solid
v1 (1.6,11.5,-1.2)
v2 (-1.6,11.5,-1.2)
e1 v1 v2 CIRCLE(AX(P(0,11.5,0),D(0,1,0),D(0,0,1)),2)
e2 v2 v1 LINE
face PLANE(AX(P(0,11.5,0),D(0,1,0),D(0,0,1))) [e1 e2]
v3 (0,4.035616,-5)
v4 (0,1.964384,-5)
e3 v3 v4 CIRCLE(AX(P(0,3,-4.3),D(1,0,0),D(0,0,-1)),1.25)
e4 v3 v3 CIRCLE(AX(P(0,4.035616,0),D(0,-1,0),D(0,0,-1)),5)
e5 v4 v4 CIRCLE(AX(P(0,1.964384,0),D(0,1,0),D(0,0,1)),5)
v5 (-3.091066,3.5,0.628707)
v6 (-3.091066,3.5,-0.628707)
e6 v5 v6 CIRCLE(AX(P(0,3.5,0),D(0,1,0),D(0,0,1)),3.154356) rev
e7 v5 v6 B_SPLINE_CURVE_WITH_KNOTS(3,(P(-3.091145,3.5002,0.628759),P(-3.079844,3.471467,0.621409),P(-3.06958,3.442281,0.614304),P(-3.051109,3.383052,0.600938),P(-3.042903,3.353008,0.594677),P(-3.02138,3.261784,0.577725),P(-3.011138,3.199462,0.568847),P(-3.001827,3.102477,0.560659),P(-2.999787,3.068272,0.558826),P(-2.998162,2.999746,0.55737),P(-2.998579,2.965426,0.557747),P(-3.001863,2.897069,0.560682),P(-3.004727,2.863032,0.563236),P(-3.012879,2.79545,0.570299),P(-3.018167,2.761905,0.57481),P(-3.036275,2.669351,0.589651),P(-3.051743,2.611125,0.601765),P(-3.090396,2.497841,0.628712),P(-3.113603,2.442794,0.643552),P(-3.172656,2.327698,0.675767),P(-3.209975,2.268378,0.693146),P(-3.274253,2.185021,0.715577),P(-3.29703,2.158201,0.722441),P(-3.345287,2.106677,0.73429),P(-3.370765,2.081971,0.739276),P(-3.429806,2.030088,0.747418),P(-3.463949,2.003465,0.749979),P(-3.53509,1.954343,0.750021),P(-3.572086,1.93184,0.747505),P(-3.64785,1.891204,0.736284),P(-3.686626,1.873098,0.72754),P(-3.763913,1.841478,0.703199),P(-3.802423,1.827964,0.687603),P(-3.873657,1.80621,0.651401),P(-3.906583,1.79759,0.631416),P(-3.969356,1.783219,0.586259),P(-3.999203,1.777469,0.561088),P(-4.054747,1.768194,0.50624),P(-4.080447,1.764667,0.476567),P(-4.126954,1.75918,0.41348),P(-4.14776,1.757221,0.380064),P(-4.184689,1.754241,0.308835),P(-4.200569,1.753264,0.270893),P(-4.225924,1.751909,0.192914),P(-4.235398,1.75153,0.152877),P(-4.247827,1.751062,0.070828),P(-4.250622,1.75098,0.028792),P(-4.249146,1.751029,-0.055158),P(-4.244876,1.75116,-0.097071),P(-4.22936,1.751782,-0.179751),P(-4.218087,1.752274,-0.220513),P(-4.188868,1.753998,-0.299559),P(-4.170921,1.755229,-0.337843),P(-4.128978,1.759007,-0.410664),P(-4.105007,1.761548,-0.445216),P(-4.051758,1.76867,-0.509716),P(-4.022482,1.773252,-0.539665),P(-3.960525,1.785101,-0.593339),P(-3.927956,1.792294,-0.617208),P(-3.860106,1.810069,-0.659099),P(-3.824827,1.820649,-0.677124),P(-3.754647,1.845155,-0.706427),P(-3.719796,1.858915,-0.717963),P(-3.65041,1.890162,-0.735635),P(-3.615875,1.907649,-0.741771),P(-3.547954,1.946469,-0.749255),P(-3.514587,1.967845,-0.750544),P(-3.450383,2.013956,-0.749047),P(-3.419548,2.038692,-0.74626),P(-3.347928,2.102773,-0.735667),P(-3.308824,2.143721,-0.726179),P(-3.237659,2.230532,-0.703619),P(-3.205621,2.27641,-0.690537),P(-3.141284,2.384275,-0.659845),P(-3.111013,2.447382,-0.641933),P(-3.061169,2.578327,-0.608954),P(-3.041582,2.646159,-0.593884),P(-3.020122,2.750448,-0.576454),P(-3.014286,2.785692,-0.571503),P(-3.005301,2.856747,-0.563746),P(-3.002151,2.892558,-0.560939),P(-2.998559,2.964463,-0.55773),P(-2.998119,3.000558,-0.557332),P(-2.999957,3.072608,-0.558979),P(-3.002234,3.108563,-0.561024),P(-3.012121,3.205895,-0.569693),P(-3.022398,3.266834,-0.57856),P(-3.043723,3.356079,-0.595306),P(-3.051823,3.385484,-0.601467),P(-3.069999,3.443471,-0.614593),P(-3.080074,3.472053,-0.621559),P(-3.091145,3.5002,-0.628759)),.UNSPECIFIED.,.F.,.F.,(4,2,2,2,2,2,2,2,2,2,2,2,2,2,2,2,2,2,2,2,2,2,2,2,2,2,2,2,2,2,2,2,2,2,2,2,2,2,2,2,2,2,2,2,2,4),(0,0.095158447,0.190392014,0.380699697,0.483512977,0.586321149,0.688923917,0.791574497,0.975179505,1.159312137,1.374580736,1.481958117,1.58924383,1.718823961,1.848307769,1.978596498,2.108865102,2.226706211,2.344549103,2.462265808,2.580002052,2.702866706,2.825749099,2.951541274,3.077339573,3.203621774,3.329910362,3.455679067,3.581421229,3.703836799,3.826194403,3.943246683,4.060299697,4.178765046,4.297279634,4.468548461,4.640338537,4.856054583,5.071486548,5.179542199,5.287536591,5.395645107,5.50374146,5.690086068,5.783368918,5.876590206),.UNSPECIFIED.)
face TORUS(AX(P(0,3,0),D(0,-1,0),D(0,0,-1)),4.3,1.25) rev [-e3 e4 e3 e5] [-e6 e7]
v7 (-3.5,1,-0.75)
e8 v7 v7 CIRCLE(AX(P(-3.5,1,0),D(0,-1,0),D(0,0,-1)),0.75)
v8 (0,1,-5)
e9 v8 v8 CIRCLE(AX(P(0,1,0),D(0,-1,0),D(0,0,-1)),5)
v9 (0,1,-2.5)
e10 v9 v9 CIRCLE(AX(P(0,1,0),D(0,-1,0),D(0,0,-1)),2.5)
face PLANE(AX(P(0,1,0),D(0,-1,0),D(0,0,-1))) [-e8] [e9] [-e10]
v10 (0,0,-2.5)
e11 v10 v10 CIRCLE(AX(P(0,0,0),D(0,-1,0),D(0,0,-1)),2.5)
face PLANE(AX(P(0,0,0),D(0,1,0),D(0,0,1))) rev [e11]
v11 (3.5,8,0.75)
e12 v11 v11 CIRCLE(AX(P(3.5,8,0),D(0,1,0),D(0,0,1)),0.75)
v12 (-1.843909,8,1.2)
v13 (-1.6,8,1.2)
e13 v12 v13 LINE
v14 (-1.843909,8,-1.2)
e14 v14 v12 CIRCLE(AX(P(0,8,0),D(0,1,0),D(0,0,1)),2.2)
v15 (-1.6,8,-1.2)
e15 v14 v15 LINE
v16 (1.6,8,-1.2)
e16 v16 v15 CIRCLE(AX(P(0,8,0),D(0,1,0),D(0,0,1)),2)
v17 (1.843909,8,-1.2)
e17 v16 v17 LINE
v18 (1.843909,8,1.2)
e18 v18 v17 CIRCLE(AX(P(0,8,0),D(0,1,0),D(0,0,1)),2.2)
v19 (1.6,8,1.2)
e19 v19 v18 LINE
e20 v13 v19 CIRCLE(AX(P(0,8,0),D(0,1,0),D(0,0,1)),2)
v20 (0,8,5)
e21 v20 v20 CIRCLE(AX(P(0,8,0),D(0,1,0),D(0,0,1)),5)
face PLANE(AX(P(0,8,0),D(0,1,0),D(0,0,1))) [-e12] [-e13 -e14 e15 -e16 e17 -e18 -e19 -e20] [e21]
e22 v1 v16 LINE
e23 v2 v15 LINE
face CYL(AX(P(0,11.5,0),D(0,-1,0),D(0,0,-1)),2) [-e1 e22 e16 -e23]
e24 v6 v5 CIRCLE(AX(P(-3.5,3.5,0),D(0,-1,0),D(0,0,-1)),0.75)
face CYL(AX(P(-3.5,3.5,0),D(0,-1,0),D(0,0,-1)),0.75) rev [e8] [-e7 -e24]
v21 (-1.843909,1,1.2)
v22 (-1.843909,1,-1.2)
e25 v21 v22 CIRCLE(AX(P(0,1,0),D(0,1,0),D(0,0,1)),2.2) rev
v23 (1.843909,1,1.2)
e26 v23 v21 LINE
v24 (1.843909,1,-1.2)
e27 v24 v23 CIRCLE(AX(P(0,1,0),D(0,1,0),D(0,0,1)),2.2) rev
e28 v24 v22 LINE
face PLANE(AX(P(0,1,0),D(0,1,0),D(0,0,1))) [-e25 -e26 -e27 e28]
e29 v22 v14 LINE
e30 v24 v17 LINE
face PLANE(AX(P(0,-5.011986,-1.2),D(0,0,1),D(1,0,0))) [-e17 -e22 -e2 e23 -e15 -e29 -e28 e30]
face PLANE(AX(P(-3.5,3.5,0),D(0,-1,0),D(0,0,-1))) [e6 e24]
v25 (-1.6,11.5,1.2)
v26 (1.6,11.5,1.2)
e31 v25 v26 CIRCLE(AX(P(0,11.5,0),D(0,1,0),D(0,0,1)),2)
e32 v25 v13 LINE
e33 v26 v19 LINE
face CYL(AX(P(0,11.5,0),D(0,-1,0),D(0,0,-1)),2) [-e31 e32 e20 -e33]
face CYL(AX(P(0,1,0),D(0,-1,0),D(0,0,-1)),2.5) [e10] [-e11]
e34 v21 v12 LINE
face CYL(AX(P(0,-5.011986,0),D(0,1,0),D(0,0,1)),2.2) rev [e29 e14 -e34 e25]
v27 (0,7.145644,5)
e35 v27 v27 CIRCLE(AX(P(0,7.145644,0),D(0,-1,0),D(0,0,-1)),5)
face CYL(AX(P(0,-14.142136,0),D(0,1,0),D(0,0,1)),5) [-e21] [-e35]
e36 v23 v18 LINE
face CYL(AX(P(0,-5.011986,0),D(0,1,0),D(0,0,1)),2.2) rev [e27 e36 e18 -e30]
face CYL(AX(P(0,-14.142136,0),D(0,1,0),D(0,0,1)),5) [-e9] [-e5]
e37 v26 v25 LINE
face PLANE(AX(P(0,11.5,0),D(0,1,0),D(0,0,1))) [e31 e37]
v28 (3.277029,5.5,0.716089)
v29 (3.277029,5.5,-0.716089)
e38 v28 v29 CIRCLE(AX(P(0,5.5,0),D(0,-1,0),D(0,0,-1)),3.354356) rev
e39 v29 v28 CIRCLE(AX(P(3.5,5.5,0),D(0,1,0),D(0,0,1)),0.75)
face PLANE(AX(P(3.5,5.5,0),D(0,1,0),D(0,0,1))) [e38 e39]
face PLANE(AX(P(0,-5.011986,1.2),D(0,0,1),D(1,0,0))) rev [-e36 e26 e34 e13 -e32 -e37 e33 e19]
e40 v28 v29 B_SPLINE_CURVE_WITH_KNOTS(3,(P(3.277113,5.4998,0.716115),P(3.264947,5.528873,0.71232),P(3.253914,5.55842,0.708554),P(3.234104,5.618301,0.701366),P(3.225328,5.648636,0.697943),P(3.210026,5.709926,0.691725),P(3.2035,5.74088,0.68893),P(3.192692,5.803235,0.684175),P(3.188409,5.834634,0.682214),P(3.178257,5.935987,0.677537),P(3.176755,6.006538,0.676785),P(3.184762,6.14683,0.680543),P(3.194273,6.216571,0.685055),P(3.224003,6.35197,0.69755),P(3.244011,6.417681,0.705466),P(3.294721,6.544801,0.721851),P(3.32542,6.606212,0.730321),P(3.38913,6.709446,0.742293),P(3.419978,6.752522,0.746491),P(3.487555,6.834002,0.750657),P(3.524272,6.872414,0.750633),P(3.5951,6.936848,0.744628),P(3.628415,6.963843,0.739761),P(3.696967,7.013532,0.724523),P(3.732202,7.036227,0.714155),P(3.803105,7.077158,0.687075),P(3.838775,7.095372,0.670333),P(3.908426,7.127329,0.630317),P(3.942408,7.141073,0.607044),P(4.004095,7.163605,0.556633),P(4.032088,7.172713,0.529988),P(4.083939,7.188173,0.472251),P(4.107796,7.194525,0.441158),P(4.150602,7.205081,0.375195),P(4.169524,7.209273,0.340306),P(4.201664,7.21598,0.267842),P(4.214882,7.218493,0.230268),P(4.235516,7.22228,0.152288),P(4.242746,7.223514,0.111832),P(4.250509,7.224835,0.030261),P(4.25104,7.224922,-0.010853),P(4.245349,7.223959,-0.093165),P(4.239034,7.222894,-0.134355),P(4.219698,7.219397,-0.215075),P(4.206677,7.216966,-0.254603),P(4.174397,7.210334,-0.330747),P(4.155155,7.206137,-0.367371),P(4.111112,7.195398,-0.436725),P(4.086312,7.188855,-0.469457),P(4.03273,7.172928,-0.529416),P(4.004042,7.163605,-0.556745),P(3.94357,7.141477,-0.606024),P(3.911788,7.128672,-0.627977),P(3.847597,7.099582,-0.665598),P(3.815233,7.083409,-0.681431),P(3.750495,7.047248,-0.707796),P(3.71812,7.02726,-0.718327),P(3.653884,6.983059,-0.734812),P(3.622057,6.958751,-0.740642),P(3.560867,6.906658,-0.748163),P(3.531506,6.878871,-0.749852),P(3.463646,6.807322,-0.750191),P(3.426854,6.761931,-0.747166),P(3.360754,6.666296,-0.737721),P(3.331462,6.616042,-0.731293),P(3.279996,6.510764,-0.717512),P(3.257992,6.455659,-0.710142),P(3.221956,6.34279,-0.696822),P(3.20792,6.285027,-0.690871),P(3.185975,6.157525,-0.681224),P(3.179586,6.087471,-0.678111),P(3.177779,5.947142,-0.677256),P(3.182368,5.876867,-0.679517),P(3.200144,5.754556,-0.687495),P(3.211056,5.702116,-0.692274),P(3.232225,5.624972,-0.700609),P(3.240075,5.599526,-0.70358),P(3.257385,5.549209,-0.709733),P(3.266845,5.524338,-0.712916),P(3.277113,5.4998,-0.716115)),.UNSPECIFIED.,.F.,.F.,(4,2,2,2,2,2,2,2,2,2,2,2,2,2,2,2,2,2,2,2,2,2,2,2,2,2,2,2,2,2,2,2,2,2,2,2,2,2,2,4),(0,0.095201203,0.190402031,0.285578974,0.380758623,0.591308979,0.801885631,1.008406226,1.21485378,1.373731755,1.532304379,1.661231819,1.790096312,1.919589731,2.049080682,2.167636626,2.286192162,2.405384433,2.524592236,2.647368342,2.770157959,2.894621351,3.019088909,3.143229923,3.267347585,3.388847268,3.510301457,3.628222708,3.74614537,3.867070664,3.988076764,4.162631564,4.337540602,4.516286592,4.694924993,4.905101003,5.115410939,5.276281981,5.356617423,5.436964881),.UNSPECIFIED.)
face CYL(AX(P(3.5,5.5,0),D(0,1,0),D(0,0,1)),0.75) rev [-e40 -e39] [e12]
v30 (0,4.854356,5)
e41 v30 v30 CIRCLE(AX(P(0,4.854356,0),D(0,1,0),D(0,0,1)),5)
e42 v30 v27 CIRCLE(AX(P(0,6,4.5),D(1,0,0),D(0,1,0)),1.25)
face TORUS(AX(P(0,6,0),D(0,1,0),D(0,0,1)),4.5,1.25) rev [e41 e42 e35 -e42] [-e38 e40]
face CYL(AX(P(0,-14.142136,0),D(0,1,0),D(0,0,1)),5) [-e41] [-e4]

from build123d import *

# Parameters (mm, degrees)
SKETCH_1_R          = 2.75
EXTRUDE_1_DEPTH     = 8
CUT_EXTRUDE_1_DEPTH = 7
EXTRUDE_2_DEPTH     = 3.5
EXTRUDE_START       = -8
SKETCH_5_R          = 5
SKETCH_5_R_2        = 2.75
EXTRUDE_3_DEPTH     = 8
SWEEP_1_PROFILE_R   = 1.25
SWEEP_2_PROFILE_R   = 1.25
SKETCH_43_R         = 0.75
CUT_EXTRUDE_2_DEPTH = 2.5
SKETCH_47_R         = 5
SKETCH_47_R_2       = 2.5
CUT_EXTRUDE_3_DEPTH = 1
SKETCH_48_R         = 0.75
CUT_EXTRUDE_4_DEPTH = 2.5


with BuildPart() as part:
    # 草图1 → 凸台-拉伸1 (new body)
    with BuildSketch(Plane(origin=(0, 0, 0), x_dir=(1, 0, 0), z_dir=(0, 1, 0))):
        with Locations(Location((0, 0, 0), (0, 0, 270))):
            Circle(SKETCH_1_R)
    extrude(amount=EXTRUDE_1_DEPTH)

    # 草图2 → 切除-拉伸1 (cut)
    with BuildSketch(Plane(origin=(0, 8, 0), x_dir=(1, 0, 0), z_dir=(0, 1, 0))):
        with BuildLine():
            Line((1.843908891, 1.2), (-1.843908891, 1.2))
            ThreePointArc((-1.843908891, 1.2), (-2.2, 0), (-1.843908891, -1.2))
            Line((-1.843908891, -1.2), (1.843908891, -1.2))
            ThreePointArc((1.843908891, -1.2), (2.109099282, -0.625859584), (2.2, 0))
            ThreePointArc((2.2, 0), (2.109099282, 0.625859584), (1.843908891, 1.2))
        make_face()
    extrude(amount=-CUT_EXTRUDE_1_DEPTH, mode=Mode.SUBTRACT)

    # 草图4 → 凸台-拉伸2 (add)
    with BuildSketch(Plane(origin=(0, 8, 0), x_dir=(1, 0, 0), z_dir=(0, 1, 0))):
        with BuildLine():
            ThreePointArc((1.6, 1.2), (0, 2), (-1.6, 1.2))
            Line((-1.6, 1.2), (1.6, 1.2))
        make_face()
        with BuildLine():
            ThreePointArc((-1.6, -1.2), (0, -2), (1.6, -1.2))
            Line((1.6, -1.2), (-1.6, -1.2))
        make_face()
    extrude(amount=EXTRUDE_2_DEPTH)

    # 草图5 → 凸台-拉伸3 (add)
    with BuildSketch(Plane(origin=(0, 8, 0), x_dir=(1, 0, 0), z_dir=(0, 1, 0)).offset(EXTRUDE_START)):
        with Locations(Location((0, 0, 0), (0, 0, 270))):
            Circle(SKETCH_5_R)
        Circle(SKETCH_5_R_2, mode=Mode.SUBTRACT)
    extrude(amount=EXTRUDE_3_DEPTH)

    # 切除-扫描1: sweep along a path in 草图16
    with BuildLine(Plane(origin=(0, 3, 0), x_dir=(-1, 0, 0), z_dir=(0, -1, 0))) as sweep_1_path:
        CenterArc((0, 0), 4.3, 0, 360)
    # 切除-扫描1 profile (on start of the path) → 切除-扫描1 (sweep, cut)
    with BuildSketch(Plane(origin=(-4.3, 3, 0), x_dir=(-1, 0, 0), z_dir=(0, 0, -1))):
        Circle(SWEEP_1_PROFILE_R)
    sweep(path=sweep_1_path.line, mode=Mode.SUBTRACT)

    # 切除-扫描2: sweep along a path in 草图30
    with BuildLine(Plane(origin=(0, 6, 0), x_dir=(1, 0, 0), z_dir=(0, 1, 0))) as sweep_2_path:
        CenterArc((0, 0), 4.5, 0, 360)
    # 切除-扫描2 profile (on start of the path) → 切除-扫描2 (sweep, cut)
    with BuildSketch(Plane(origin=(4.5, 6, 0), x_dir=(-1, 0, 0), z_dir=(0, 0, -1))):
        Circle(SWEEP_2_PROFILE_R)
    sweep(path=sweep_2_path.line, mode=Mode.SUBTRACT)

    # 草图43 → 切除-拉伸2 (cut)
    with BuildSketch(Plane(origin=(0, 8, 0), x_dir=(1, 0, 0), z_dir=(0, 1, 0))):
        with Locations(Location((3.5, 0, 0), (0, 0, 270))):
            Circle(SKETCH_43_R)
    extrude(amount=-CUT_EXTRUDE_2_DEPTH, mode=Mode.SUBTRACT)

    # 草图47 → 切除-拉伸3 (cut)
    with BuildSketch(Plane.XZ):
        with Locations(Location((0, 0, 0), (0, 0, 270))):
            Circle(SKETCH_47_R)
        with Locations(Location((0, 0, 0), (0, 0, 270))):
            Circle(SKETCH_47_R_2, mode=Mode.SUBTRACT)
    extrude(amount=-CUT_EXTRUDE_3_DEPTH, mode=Mode.SUBTRACT)

    # 草图48 → 切除-拉伸4 (cut)
    with BuildSketch(Plane.XZ.offset(-1)):
        with Locations(Location((-3.5, 0, 0), (0, 0, 270))):
            Circle(SKETCH_48_R)
    extrude(amount=-CUT_EXTRUDE_4_DEPTH, mode=Mode.SUBTRACT)


solid = part.part
